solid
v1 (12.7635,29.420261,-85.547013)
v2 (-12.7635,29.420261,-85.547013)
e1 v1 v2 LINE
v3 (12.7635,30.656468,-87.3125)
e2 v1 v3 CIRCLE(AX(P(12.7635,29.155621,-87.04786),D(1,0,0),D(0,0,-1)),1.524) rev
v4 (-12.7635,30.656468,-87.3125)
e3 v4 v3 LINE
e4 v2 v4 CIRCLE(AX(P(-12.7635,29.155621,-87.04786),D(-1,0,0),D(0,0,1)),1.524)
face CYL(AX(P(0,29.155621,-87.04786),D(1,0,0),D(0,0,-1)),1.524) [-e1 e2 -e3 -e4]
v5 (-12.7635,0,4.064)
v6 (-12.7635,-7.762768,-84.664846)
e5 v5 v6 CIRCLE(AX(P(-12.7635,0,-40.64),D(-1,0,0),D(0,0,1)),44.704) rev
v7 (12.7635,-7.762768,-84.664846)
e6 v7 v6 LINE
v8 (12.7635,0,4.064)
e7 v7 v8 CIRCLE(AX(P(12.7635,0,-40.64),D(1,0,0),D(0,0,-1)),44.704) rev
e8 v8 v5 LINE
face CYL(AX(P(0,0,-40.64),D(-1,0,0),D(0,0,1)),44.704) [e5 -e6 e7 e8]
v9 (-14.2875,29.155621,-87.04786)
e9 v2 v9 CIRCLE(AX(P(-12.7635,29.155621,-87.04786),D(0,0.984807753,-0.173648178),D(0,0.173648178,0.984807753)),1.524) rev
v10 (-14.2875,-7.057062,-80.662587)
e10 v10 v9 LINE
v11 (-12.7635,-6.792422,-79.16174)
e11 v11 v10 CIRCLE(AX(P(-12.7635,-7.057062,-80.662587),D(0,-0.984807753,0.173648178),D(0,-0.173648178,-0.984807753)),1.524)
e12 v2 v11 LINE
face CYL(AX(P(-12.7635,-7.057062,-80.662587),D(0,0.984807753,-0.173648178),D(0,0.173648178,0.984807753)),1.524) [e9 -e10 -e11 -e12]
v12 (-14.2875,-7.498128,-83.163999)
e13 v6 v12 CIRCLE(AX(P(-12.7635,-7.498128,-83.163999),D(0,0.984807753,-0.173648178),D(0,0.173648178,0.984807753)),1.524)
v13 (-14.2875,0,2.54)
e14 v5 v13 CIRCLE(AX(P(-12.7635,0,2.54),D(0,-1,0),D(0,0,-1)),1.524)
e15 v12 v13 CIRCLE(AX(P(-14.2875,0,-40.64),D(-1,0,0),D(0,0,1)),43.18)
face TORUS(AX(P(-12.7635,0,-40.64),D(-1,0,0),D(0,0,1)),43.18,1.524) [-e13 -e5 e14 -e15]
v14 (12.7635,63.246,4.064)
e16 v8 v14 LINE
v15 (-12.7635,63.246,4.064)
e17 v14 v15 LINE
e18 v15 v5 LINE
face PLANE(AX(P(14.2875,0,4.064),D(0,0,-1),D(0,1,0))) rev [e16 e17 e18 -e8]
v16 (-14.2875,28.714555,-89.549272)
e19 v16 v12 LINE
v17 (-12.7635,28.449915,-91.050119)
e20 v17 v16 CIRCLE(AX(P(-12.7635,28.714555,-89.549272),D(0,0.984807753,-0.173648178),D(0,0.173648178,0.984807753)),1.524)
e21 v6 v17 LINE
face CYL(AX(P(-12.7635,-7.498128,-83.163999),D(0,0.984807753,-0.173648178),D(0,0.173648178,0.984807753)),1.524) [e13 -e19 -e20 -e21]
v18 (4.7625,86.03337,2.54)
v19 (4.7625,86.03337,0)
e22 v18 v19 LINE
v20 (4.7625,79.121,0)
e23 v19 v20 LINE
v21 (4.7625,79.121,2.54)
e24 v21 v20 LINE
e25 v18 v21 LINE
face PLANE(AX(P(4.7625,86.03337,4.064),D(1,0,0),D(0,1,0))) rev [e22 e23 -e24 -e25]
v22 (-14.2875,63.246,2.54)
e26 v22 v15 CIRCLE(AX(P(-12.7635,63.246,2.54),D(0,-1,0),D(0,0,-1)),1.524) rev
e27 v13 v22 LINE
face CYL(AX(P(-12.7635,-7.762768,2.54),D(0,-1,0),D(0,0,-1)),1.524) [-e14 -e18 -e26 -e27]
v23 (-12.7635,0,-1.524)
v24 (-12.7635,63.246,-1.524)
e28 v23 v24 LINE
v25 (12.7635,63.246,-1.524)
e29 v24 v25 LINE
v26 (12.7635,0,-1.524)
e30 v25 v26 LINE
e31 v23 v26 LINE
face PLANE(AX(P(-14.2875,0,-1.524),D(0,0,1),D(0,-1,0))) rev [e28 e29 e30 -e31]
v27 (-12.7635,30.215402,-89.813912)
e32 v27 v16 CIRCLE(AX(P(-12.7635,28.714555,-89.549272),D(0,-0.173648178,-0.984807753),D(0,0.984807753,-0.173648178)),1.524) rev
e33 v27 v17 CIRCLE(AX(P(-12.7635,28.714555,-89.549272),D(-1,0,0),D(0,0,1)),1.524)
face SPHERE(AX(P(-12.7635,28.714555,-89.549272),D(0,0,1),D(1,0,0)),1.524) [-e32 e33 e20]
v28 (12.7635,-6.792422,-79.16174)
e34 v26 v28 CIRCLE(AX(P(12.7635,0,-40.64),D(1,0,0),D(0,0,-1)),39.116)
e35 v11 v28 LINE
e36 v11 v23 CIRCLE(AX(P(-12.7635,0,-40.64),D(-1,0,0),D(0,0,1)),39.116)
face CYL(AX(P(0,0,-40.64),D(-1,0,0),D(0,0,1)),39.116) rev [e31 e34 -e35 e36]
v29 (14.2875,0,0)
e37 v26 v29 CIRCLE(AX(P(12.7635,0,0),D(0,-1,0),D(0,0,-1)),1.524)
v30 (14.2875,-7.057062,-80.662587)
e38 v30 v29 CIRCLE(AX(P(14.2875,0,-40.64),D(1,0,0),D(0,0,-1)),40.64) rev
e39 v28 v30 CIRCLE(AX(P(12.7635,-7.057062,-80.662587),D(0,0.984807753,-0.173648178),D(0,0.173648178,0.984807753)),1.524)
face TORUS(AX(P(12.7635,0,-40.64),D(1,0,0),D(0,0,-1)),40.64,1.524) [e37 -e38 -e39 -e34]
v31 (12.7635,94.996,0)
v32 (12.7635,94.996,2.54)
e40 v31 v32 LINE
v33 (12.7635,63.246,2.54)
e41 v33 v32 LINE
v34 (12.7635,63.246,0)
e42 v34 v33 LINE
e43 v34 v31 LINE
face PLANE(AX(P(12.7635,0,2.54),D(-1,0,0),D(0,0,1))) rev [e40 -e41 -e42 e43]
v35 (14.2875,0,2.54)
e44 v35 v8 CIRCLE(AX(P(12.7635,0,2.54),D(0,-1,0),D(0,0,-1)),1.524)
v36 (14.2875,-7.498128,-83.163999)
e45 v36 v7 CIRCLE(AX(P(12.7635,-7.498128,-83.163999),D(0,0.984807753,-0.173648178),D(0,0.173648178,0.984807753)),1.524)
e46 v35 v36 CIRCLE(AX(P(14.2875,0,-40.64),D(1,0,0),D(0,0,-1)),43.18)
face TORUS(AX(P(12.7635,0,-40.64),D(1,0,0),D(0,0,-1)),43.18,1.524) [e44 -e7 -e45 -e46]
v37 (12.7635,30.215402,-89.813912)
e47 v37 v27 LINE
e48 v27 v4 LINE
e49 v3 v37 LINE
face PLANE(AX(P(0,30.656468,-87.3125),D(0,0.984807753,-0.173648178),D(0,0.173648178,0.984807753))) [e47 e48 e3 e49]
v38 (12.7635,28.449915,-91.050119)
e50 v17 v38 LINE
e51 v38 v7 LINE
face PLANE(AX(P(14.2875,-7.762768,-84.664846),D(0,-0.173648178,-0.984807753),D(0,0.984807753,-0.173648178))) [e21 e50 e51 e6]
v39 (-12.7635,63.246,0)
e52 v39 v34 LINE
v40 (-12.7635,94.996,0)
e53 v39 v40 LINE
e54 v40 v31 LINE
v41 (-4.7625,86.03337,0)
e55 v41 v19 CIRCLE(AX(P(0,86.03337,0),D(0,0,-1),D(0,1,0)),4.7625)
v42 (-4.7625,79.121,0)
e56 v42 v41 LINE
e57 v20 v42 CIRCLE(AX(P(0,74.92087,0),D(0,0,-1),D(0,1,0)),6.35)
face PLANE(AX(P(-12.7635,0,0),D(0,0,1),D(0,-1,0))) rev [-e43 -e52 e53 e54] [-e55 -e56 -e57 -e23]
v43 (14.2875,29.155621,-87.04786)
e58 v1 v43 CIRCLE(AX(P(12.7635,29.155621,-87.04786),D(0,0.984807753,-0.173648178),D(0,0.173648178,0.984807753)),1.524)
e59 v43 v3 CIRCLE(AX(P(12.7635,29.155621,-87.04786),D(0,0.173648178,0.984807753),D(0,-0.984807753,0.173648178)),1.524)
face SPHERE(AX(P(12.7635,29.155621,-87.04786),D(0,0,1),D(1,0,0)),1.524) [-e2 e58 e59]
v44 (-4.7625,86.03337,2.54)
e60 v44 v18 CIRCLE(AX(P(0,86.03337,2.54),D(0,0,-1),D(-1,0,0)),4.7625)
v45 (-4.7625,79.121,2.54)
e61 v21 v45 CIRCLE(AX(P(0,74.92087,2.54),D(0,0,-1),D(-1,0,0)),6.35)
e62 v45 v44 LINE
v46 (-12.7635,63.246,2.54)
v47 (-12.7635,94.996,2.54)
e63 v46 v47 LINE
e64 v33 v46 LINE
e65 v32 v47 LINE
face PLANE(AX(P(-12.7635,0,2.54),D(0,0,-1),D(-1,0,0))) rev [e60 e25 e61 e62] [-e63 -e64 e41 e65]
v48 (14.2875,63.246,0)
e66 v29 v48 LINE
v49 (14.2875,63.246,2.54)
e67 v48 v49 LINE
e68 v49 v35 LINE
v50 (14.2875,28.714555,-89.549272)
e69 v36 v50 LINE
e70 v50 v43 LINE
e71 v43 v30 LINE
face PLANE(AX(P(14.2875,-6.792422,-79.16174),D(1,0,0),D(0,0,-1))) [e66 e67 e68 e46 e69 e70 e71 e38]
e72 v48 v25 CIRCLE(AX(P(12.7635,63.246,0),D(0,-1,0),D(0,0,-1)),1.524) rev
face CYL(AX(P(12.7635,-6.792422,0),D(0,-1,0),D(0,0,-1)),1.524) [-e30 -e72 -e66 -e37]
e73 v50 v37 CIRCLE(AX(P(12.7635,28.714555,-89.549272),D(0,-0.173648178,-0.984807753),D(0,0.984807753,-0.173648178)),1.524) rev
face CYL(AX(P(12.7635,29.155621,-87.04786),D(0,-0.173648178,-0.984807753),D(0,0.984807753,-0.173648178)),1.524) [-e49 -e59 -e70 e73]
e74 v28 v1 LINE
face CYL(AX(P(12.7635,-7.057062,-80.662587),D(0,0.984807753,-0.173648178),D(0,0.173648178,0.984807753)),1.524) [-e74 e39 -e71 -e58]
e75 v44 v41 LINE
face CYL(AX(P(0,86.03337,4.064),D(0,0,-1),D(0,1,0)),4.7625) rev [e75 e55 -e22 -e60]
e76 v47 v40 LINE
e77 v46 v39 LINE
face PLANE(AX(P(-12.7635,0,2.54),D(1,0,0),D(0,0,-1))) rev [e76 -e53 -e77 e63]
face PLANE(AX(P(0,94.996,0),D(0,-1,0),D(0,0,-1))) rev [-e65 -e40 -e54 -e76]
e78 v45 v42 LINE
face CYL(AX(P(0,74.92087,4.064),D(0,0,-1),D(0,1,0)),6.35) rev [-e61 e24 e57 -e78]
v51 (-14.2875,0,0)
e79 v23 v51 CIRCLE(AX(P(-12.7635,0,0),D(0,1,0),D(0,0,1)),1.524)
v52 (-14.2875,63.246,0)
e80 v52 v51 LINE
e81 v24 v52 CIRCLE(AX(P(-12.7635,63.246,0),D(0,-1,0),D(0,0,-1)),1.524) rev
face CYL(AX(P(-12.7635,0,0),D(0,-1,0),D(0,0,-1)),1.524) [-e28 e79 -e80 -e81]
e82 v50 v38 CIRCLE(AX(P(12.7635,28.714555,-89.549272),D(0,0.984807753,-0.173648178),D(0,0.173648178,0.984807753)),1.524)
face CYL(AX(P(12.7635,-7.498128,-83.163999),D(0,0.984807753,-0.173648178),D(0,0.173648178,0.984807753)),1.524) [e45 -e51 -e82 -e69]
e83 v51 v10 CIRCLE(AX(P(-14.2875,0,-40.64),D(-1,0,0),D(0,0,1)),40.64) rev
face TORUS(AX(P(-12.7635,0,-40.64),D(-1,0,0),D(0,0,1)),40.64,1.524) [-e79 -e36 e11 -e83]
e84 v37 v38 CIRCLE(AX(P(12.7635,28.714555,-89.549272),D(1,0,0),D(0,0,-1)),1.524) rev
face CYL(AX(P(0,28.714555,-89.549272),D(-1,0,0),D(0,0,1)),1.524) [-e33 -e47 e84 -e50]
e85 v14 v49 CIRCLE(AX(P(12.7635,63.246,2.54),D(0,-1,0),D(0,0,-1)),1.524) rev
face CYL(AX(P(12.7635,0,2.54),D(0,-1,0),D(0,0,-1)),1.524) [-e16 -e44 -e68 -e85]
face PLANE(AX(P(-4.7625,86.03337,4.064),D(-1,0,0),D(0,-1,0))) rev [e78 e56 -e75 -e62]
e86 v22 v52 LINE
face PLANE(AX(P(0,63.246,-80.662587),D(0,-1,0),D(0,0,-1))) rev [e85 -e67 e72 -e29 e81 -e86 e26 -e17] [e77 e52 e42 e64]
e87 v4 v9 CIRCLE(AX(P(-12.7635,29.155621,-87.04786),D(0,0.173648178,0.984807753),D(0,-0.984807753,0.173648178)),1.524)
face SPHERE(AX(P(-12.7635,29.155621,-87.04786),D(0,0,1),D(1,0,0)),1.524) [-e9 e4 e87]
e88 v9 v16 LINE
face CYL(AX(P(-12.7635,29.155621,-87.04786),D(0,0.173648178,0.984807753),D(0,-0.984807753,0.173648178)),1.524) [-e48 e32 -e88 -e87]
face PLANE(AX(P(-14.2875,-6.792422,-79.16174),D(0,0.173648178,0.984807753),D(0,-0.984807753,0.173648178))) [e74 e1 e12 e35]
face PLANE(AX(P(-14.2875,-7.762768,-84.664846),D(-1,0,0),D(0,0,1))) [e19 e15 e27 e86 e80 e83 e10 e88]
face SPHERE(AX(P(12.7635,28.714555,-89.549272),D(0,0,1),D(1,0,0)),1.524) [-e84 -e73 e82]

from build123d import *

# Parameters (mm, degrees)
SKETCH6_W          = 28.575
SKETCH6_H          = 5.588000000000008
FILLET1_R          = 1.524
CUT_EXTRUDE1_DEPTH = 133.3733867563125


with BuildPart() as part:
    # Sweep1: sweep along a path in Sketch1
    with BuildLine(Plane(origin=(0, 0, 0), x_dir=(0, 0, -1), z_dir=(1, 0, 0))) as sweep1_path:
        Line((3.9e-16, 94.996), (0, 0))
        ThreePointArc((0, 0), (37.09799061473534, -40.48535253044856), (80.66258708241622, -7.057061940383765))
        Line((80.66258708241622, -7.057061940383765), (87.31250000000001, 30.656468291151832))
    # Sketch2 → Sweep1 (sweep)
    with BuildSketch(Plane(origin=(0, 94.996, -15.113000000000007), x_dir=(1, 0, 0), z_dir=(0, -1, 0))):
        Polygon((-12.763499999999997, 17.653000000000006), (12.763499999999997, 17.65300000000001), (12.763500000000008, 15.113000000000001), (-12.763499999999983, 15.113000000000001), align=None)
    sweep(path=sweep1_path.line)

    # Sweep3: sweep along a path in Sketch5
    with BuildLine(Plane(origin=(0, 0, 0), x_dir=(0, 0, -1), z_dir=(1, 0, 0))) as sweep3_path:
        Line((0, 63.245999999999995), (-3.47e-15, 3.35e-15))
        ThreePointArc((-3.47e-15, 3.35e-15), (37.09799061473534, -40.48535253044856), (80.66258708241622, -7.057061940383765))
        Line((80.66258708241622, -7.057061940383765), (87.31250000000001, 30.656468291151832))
    # Sketch6 → Sweep3 (sweep)
    with BuildSketch(Plane(origin=(0, 44.66337954391292, -7.875358863214053), x_dir=(1, 0, 0), z_dir=(0, 0.9848077530122094, -0.1736481776669233))):
        with Locations((7.11e-15, 81.9325870824162)):
            Rectangle(SKETCH6_W, SKETCH6_H)
        Polygon((-12.763499999999997, 83.2025870824162), (-12.763499999999983, 80.6625870824162), (12.763500000000008, 80.6625870824162), (12.763499999999997, 83.2025870824162), align=None, mode=Mode.SUBTRACT)
    sweep(path=sweep3_path.line)

    # Fillet1
    fillet1_edges = [part.edges().sort_by_distance(p)[0] for p in [
        (-14.287499999999994, 31.622999999999998, -1.5239999999999834),
        (14.287500000000007, 31.622999999999998, 4.064000000000009),
        (-14.287499999999994, -38.96715181055673, -37.23081596668276),
        (14.287500000000007, -44.53388778349341, -36.74378967620887),
        (14.287500000000009, -38.967151810556715, -37.23081596668276),
        (14.287500000000009, 31.622999999999998, -1.5240000000000133),
        (14.287500000000007, 11.09399698134567, -87.98980224944968),
        (14.287500000000009, 12.06434299814844, -82.48669652561743),
        (-14.287499999999996, -44.53388778349341, -36.74378967620887),
        (-14.287499999999996, 31.622999999999998, 4.064000000000009),
        (-14.287499999999994, 12.06434299814843, -82.48669652561752),
        (-14.287499999999996, 11.09399698134567, -87.98980224944968),
        (14.287500000000007, 30.435935105514844, -88.56320584632552),
        (5.33e-15, 29.950762097113483, -91.31475870824151),
        (-14.287499999999994, 30.435935105514847, -88.56320584632554),
        (7.11e-15, 30.92110811391625, -85.81165298440926),
    ]]
    fillet(fillet1_edges, radius=FILLET1_R)

    # Sketch9 → Cut-Extrude1 (cut, through all)
    with BuildSketch(Plane(origin=(0, 0, 0), x_dir=(-1, 0, 0), z_dir=(0, -6e-17, -1))):
        with BuildLine():
            Line((4.7625, 86.03336979368495), (4.762500000000001, 79.121))
            ThreePointArc((4.762500000000001, 79.121), (-7.9e-16, 68.57086979368498), (-4.762500000000001, 79.121))
            Line((-4.762500000000001, 79.121), (-4.7625, 86.03336979368495))
            ThreePointArc((-4.7625, 86.03336979368495), (1.48e-15, 90.79586979368496), (4.7625, 86.03336979368495))
        make_face()
    extrude(amount=-CUT_EXTRUDE1_DEPTH, mode=Mode.SUBTRACT)


solid = part.part
